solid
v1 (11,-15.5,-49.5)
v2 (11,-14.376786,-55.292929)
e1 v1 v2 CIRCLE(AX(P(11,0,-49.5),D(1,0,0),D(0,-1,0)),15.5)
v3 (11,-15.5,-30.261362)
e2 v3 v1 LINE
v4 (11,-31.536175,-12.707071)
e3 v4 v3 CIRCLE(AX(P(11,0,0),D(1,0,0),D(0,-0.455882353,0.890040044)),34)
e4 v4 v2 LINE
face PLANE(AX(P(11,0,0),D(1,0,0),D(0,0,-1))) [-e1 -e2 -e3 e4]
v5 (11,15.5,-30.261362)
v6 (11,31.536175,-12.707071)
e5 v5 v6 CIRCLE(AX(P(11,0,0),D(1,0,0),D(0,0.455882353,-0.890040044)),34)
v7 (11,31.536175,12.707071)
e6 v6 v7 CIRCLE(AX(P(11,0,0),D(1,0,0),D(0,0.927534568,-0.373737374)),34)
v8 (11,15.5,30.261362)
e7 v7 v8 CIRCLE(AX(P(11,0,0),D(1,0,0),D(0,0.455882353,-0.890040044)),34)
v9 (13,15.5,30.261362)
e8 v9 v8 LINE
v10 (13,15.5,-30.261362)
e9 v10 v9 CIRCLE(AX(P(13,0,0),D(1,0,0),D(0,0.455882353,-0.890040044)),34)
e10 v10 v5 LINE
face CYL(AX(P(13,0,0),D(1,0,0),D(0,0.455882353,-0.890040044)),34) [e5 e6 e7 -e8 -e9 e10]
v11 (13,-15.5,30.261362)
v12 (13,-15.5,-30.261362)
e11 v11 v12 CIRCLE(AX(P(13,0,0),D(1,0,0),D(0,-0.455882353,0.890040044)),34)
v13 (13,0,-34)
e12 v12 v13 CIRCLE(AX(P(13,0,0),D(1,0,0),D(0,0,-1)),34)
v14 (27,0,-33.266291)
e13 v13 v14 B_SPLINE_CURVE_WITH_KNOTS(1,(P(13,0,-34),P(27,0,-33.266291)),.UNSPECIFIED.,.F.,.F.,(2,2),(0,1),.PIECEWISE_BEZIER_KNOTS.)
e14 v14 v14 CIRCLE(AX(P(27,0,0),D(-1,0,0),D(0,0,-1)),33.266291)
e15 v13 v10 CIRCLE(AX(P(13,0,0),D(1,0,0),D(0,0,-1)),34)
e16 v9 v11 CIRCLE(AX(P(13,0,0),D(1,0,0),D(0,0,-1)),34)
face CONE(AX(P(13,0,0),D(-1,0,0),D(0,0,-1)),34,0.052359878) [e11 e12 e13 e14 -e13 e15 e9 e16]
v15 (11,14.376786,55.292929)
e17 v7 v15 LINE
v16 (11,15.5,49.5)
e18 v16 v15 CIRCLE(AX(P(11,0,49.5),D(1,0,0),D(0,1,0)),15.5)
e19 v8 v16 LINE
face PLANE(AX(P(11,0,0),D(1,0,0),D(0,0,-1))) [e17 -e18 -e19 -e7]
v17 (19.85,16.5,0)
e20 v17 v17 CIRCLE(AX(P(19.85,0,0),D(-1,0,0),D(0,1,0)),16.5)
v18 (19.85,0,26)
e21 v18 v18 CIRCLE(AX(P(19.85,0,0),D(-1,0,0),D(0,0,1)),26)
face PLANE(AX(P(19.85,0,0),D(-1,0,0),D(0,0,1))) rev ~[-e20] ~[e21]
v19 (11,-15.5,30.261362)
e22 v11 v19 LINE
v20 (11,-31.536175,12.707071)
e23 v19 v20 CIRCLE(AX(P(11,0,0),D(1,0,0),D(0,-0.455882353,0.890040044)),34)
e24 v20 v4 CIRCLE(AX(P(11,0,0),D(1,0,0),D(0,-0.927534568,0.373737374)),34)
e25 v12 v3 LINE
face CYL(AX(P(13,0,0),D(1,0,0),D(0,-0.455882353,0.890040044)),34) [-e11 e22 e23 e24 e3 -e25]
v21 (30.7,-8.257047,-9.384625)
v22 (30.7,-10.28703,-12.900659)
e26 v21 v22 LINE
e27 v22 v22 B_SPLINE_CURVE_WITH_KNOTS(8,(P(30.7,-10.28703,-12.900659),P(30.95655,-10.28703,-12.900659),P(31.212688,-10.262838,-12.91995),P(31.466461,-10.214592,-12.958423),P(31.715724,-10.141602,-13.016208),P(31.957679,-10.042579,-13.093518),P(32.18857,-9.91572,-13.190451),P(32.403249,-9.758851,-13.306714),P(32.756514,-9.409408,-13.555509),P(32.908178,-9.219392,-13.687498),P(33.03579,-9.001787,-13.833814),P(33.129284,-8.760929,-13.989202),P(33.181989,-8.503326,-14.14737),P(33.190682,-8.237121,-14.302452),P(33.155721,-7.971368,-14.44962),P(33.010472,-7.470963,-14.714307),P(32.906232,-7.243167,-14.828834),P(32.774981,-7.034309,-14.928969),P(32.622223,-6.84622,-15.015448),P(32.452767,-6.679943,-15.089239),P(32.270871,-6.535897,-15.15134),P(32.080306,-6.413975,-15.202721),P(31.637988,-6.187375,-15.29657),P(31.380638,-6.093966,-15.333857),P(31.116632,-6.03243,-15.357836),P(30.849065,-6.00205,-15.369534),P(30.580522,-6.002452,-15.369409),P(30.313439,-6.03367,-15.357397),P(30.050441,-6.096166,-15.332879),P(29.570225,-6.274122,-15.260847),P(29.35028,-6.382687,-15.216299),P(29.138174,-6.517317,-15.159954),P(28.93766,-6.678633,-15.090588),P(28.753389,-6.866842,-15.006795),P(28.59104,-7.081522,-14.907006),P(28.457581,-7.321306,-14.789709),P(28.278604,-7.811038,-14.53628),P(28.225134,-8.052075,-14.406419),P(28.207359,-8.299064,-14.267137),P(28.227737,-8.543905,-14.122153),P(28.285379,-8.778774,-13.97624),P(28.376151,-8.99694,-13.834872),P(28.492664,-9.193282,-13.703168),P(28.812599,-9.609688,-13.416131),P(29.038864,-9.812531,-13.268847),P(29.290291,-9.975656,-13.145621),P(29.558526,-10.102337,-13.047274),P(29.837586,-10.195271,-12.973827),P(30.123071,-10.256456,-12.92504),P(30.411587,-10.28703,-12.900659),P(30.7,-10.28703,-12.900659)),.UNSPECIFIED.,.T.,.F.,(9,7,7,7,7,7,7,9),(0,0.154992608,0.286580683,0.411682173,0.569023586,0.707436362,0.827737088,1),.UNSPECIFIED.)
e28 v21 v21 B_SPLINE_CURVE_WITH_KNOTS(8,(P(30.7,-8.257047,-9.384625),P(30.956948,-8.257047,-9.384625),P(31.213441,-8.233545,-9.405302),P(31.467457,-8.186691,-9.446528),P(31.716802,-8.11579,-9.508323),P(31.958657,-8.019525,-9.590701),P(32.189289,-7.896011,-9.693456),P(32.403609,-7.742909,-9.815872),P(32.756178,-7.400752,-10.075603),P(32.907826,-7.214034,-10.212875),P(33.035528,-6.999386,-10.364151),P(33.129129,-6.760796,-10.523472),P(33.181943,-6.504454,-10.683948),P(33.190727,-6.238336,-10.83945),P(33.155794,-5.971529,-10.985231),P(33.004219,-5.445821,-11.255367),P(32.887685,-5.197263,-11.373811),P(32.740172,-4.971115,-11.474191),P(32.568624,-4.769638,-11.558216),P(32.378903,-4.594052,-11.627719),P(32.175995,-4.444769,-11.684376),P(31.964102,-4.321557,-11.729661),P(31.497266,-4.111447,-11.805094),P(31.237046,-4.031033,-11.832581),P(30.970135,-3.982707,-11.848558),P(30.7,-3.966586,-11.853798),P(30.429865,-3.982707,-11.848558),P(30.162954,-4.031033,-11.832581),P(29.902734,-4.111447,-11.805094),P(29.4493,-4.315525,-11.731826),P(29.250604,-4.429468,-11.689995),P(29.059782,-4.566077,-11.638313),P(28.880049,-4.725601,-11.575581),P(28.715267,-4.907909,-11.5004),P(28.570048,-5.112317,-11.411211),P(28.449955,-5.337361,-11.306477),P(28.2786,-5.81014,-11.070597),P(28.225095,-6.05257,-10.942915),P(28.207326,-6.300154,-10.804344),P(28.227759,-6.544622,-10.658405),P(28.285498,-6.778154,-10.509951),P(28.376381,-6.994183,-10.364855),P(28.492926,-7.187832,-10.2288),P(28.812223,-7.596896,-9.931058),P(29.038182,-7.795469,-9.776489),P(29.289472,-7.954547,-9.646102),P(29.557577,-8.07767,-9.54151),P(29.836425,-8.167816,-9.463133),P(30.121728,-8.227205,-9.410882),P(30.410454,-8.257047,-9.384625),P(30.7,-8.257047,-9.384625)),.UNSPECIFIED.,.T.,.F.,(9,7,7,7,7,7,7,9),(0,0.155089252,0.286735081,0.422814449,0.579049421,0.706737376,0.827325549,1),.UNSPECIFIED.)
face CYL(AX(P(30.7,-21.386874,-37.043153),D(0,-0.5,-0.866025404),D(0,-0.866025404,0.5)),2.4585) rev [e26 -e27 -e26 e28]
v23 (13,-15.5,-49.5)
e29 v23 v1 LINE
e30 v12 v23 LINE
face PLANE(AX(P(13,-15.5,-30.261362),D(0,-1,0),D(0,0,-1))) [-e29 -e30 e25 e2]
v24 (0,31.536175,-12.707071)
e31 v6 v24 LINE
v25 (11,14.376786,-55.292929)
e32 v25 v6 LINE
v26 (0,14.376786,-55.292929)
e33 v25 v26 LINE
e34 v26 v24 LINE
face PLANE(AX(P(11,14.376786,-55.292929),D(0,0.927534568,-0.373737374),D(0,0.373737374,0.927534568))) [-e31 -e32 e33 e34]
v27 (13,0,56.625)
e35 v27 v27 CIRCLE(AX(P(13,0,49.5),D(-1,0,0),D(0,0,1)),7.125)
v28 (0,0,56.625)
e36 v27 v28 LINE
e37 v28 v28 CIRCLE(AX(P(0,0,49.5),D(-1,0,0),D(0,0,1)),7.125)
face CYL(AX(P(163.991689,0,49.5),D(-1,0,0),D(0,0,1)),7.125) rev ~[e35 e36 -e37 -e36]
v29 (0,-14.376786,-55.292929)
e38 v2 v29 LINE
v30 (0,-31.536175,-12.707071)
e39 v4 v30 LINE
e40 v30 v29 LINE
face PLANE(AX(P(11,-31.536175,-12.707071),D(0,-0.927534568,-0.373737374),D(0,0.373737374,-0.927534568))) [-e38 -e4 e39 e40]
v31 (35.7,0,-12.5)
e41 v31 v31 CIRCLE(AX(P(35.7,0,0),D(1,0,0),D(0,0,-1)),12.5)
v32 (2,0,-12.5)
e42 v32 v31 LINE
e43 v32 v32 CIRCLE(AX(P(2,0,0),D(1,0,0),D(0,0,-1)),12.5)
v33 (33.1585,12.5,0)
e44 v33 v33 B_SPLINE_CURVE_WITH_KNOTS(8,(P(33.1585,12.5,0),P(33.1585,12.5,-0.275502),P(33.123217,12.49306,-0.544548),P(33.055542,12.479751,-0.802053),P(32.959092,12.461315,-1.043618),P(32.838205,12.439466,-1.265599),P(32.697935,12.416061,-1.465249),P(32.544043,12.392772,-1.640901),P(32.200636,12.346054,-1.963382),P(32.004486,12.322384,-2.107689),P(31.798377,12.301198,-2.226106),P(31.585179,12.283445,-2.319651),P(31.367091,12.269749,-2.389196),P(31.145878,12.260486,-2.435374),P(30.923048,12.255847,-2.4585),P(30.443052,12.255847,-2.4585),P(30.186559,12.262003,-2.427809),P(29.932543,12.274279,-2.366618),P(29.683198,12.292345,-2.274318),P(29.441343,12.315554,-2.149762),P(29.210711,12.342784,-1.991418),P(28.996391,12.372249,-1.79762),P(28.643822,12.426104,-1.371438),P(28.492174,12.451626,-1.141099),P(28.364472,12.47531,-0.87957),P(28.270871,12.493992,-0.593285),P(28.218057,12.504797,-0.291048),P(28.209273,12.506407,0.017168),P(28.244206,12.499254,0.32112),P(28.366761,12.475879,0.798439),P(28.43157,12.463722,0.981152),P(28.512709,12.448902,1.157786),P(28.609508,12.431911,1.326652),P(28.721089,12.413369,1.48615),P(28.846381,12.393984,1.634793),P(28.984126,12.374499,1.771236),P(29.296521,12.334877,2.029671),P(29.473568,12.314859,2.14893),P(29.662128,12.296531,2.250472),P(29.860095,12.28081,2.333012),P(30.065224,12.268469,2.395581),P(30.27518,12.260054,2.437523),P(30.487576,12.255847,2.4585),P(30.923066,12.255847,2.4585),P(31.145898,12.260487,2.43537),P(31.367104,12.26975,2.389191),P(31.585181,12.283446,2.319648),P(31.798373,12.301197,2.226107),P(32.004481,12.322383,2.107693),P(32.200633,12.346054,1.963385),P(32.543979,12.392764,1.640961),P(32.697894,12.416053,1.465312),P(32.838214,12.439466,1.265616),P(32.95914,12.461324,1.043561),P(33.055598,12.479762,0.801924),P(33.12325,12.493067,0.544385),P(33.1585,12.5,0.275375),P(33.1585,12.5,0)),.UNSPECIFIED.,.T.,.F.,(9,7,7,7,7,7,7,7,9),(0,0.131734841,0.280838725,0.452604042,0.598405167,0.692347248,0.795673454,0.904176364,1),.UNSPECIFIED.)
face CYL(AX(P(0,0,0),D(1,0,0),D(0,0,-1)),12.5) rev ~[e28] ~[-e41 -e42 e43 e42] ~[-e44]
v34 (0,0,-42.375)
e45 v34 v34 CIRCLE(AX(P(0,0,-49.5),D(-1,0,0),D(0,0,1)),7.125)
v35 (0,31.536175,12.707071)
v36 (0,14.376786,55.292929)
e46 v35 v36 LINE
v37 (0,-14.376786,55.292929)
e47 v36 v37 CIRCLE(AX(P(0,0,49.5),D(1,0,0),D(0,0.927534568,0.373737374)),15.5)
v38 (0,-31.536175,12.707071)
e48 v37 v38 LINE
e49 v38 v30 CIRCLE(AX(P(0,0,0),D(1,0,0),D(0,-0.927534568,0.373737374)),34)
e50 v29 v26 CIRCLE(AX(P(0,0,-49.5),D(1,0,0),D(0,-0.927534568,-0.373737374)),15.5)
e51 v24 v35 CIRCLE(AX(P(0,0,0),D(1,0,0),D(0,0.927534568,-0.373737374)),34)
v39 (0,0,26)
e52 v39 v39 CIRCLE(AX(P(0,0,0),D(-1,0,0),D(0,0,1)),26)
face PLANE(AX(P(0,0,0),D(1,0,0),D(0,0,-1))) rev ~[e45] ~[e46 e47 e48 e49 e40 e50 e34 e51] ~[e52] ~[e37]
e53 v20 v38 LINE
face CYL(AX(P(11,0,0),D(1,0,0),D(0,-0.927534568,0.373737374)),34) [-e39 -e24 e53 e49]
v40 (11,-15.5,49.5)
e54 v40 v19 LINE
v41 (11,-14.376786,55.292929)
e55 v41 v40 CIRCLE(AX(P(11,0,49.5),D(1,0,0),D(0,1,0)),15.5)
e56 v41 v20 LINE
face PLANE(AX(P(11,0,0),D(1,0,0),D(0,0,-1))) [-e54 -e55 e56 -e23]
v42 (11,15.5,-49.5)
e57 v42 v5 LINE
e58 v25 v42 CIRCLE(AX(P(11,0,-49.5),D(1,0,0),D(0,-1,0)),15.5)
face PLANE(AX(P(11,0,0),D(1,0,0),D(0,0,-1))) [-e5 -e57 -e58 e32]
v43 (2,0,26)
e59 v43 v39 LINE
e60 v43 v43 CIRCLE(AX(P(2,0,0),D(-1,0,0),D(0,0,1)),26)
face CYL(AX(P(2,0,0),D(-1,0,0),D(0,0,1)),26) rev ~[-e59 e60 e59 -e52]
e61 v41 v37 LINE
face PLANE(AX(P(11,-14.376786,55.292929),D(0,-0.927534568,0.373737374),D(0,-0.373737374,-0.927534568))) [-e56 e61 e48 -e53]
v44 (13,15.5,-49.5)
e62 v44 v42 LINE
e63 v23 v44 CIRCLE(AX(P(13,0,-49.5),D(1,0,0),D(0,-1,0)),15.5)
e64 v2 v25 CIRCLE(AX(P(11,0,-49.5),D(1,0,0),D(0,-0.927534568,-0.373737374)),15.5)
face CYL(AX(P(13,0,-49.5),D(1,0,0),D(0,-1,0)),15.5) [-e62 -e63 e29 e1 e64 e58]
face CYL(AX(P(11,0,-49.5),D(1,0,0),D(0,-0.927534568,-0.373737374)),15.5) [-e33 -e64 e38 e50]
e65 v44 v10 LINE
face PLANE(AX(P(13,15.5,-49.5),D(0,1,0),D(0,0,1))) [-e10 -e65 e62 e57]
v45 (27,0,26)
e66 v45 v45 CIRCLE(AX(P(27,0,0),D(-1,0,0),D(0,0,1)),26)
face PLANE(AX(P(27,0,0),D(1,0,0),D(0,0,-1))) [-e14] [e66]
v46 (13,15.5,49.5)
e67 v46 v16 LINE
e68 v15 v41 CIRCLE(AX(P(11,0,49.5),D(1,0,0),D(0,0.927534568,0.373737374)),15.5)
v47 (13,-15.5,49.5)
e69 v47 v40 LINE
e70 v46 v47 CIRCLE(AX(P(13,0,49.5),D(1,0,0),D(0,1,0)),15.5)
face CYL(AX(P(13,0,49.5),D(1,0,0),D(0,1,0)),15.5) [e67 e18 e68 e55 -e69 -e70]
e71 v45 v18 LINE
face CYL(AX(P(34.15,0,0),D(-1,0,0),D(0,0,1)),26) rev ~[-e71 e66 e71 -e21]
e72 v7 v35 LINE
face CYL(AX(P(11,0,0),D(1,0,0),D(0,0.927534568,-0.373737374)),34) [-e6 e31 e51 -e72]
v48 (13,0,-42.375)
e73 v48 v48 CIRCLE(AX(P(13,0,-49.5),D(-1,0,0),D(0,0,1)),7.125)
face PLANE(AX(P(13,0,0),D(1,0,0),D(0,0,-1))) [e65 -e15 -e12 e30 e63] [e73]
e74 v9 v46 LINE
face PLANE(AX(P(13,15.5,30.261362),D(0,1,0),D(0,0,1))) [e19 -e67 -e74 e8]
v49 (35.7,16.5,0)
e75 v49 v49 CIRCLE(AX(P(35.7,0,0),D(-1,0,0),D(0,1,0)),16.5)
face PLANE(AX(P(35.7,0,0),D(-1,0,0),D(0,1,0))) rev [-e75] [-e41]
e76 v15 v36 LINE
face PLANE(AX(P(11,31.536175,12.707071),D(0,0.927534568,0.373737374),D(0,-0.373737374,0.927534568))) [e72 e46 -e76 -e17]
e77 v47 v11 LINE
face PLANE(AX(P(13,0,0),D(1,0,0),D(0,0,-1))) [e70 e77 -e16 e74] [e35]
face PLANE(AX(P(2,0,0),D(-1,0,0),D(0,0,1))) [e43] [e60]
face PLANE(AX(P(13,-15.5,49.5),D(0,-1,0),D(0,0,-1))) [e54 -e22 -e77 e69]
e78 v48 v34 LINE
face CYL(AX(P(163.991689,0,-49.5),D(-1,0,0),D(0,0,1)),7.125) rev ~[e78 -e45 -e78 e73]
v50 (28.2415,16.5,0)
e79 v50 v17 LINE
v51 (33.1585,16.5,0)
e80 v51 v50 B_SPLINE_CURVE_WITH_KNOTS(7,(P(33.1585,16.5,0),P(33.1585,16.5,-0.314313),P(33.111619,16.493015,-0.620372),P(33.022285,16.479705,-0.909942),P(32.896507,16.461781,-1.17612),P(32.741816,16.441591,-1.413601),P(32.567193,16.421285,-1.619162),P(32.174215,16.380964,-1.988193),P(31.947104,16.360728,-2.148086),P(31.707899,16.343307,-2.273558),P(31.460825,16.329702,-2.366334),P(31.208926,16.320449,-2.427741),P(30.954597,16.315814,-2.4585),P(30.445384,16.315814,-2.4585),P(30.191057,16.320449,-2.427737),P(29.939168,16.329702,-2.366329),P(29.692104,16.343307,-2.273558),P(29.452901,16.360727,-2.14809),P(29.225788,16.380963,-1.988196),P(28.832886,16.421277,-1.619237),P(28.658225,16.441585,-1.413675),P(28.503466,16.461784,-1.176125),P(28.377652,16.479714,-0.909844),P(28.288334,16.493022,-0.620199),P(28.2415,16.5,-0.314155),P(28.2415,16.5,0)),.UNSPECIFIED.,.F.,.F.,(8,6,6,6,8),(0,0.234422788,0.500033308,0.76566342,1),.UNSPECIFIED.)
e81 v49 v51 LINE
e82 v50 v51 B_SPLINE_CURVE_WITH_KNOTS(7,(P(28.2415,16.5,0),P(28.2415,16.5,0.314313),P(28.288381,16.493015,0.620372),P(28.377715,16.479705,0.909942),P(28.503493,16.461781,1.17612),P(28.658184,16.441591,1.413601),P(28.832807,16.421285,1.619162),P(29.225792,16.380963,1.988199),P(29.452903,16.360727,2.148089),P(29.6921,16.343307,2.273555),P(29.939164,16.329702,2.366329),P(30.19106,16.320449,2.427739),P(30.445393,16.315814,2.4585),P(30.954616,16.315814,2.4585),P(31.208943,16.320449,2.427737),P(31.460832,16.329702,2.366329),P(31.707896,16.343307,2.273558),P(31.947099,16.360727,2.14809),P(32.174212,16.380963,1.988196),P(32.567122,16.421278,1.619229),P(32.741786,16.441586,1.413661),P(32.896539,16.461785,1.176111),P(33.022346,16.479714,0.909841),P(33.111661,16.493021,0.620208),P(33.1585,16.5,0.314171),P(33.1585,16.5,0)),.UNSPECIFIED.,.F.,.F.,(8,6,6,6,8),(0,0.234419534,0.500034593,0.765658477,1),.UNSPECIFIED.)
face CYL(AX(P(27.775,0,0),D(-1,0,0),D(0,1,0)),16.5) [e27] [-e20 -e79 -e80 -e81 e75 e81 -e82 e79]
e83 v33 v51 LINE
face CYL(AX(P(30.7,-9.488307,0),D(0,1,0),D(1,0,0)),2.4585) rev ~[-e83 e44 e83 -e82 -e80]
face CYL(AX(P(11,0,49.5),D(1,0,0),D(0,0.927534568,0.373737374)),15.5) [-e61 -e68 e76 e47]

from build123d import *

# Parameters (mm, degrees)
EXTRUDE_1_DEPTH               = 2
EXTRUDE_2_DEPTH               = 11
SKETCH_3_R                    = 34
EXTRUDE_3_DEPTH               = 14
EXTRUDE_3_TAPER               = 3
HOLE_WIZARD_M45_1_D           = 52
HOLE_WIZARD_M45_1_DEPTH       = 7.15
SKETCH_6_W                    = 15.85
SKETCH_6_H                    = 16.5
HOLE_WIZARD_14_25_14_25_1_D   = 14.25
HOLE_WIZARD_M24_1_D           = 25
HOLE_WIZARD_M24_1_DEPTH       = 35.7
HOLE_WIZARD_M24_1_CBORE_D     = 52
HOLE_WIZARD_M24_1_CBORE_DEPTH = 2
SKETCH_11_W                   = 2.4585
SKETCH_11_H                   = 61.03580457
HOLE_WIZARD_2_D               = 4.917
HOLE_WIZARD_2_DEPTH           = 21.744153324


with BuildPart() as part:
    # 草图1 → 凸台-拉伸1 (new body)
    with BuildSketch(Plane(origin=(13, 0, 0), x_dir=(0, 0, -1), z_dir=(1, 0, 0))):
        with BuildLine():
            Line((49.5, 15.5), (30.261361503, 15.5))
            ThreePointArc((30.261361503, 15.5), (0, 34), (-30.261361503, 15.5))
            Line((-30.261361503, 15.5), (-49.5, 15.5))
            ThreePointArc((-49.5, 15.5), (-65, 0), (-49.5, -15.5))
            Line((-49.5, -15.5), (-30.261361503, -15.5))
            ThreePointArc((-30.261361503, -15.5), (0, -34), (30.261361503, -15.5))
            Line((30.261361503, -15.5), (49.5, -15.5))
            ThreePointArc((49.5, -15.5), (65, 0), (49.5, 15.5))
        make_face()
    extrude(amount=-EXTRUDE_1_DEPTH)

    # 草图2 → 凸台-拉伸2 (add)
    with BuildSketch(Plane.ZY.offset(-11)):
        with BuildLine():
            Line((12.707070707, 31.536175324), (55.292929293, 14.376785809))
            ThreePointArc((55.292929293, 14.376785809), (65, 0), (55.292929293, -14.376785809))
            Line((55.292929293, -14.376785809), (12.707070707, -31.536175324))
            ThreePointArc((12.707070707, -31.536175324), (0, -34), (-12.707070707, -31.536175324))
            Line((-12.707070707, -31.536175324), (-55.292929293, -14.376785809))
            ThreePointArc((-55.292929293, -14.376785809), (-65, 0), (-55.292929293, 14.376785809))
            Line((-55.292929293, 14.376785809), (-12.707070707, 31.536175324))
            ThreePointArc((-12.707070707, 31.536175324), (0, 34), (12.707070707, 31.536175324))
        make_face()
    extrude(amount=EXTRUDE_2_DEPTH)

    # 草图3 → 凸台-拉伸3 (add)
    with BuildSketch(Plane(origin=(13, 0, 0), x_dir=(0, 0, -1), z_dir=(1, 0, 0))):
        Circle(SKETCH_3_R)
    extrude(amount=EXTRUDE_3_DEPTH, taper=EXTRUDE_3_TAPER)

    # M45 间隙孔1
    with Locations(Plane(origin=(27, 0, 0), x_dir=(0, 0, -1), z_dir=(1, 0, 0))):
        with Locations((0, 0)):
            Hole(HOLE_WIZARD_M45_1_D / 2, depth=HOLE_WIZARD_M45_1_DEPTH)

    # 草图6 → 旋转1 (revolve)
    with BuildSketch(Plane(origin=(0, 0, 0), x_dir=(-1, 0, 0), z_dir=(0, 0, -1))):
        with Locations((-27.775, 8.25)):
            Rectangle(SKETCH_6_W, SKETCH_6_H)
    revolve(axis=Axis((35.7, 0, 0), (-1, 0, 0)))

    # Ø14.25 (14.25) 直径孔1 (through all)
    with Locations(Plane(origin=(13, 0, 0), x_dir=(0, 0, -1), z_dir=(1, 0, 0))):
        with Locations((-49.5, 0), (49.5, 0)):
            Hole(HOLE_WIZARD_14_25_14_25_1_D / 2)

    # M24 六角头螺栓的柱形沉头孔1
    with Locations(Plane.ZY):
        with Locations((0, 0)):
            CounterBoreHole(HOLE_WIZARD_M24_1_D / 2, HOLE_WIZARD_M24_1_CBORE_D / 2, HOLE_WIZARD_M24_1_CBORE_DEPTH, depth=HOLE_WIZARD_M24_1_DEPTH)

    # 草图11 → 孔1 (revolve, cut)
    with BuildSketch(Plane(origin=(30.7, -6.127923338, -10.613874566), x_dir=(0, -0.866025404, 0.5), z_dir=(1, 0, 0))):
        with Locations((1.22925, 30.517902285)):
            Rectangle(SKETCH_11_W, SKETCH_11_H)
    revolve(axis=Axis((30.7, -61.127923338, -105.876668983), (0, 0.5, 0.866025404)), mode=Mode.SUBTRACT)

    # 孔2
    with Locations(Plane(origin=(0, 12.255846676, 0), x_dir=(-1, 0, 0), z_dir=(0, -1, 0))):
        with Locations((-30.7, 0)):
            Hole(HOLE_WIZARD_2_D / 2, depth=HOLE_WIZARD_2_DEPTH)


solid = part.part
